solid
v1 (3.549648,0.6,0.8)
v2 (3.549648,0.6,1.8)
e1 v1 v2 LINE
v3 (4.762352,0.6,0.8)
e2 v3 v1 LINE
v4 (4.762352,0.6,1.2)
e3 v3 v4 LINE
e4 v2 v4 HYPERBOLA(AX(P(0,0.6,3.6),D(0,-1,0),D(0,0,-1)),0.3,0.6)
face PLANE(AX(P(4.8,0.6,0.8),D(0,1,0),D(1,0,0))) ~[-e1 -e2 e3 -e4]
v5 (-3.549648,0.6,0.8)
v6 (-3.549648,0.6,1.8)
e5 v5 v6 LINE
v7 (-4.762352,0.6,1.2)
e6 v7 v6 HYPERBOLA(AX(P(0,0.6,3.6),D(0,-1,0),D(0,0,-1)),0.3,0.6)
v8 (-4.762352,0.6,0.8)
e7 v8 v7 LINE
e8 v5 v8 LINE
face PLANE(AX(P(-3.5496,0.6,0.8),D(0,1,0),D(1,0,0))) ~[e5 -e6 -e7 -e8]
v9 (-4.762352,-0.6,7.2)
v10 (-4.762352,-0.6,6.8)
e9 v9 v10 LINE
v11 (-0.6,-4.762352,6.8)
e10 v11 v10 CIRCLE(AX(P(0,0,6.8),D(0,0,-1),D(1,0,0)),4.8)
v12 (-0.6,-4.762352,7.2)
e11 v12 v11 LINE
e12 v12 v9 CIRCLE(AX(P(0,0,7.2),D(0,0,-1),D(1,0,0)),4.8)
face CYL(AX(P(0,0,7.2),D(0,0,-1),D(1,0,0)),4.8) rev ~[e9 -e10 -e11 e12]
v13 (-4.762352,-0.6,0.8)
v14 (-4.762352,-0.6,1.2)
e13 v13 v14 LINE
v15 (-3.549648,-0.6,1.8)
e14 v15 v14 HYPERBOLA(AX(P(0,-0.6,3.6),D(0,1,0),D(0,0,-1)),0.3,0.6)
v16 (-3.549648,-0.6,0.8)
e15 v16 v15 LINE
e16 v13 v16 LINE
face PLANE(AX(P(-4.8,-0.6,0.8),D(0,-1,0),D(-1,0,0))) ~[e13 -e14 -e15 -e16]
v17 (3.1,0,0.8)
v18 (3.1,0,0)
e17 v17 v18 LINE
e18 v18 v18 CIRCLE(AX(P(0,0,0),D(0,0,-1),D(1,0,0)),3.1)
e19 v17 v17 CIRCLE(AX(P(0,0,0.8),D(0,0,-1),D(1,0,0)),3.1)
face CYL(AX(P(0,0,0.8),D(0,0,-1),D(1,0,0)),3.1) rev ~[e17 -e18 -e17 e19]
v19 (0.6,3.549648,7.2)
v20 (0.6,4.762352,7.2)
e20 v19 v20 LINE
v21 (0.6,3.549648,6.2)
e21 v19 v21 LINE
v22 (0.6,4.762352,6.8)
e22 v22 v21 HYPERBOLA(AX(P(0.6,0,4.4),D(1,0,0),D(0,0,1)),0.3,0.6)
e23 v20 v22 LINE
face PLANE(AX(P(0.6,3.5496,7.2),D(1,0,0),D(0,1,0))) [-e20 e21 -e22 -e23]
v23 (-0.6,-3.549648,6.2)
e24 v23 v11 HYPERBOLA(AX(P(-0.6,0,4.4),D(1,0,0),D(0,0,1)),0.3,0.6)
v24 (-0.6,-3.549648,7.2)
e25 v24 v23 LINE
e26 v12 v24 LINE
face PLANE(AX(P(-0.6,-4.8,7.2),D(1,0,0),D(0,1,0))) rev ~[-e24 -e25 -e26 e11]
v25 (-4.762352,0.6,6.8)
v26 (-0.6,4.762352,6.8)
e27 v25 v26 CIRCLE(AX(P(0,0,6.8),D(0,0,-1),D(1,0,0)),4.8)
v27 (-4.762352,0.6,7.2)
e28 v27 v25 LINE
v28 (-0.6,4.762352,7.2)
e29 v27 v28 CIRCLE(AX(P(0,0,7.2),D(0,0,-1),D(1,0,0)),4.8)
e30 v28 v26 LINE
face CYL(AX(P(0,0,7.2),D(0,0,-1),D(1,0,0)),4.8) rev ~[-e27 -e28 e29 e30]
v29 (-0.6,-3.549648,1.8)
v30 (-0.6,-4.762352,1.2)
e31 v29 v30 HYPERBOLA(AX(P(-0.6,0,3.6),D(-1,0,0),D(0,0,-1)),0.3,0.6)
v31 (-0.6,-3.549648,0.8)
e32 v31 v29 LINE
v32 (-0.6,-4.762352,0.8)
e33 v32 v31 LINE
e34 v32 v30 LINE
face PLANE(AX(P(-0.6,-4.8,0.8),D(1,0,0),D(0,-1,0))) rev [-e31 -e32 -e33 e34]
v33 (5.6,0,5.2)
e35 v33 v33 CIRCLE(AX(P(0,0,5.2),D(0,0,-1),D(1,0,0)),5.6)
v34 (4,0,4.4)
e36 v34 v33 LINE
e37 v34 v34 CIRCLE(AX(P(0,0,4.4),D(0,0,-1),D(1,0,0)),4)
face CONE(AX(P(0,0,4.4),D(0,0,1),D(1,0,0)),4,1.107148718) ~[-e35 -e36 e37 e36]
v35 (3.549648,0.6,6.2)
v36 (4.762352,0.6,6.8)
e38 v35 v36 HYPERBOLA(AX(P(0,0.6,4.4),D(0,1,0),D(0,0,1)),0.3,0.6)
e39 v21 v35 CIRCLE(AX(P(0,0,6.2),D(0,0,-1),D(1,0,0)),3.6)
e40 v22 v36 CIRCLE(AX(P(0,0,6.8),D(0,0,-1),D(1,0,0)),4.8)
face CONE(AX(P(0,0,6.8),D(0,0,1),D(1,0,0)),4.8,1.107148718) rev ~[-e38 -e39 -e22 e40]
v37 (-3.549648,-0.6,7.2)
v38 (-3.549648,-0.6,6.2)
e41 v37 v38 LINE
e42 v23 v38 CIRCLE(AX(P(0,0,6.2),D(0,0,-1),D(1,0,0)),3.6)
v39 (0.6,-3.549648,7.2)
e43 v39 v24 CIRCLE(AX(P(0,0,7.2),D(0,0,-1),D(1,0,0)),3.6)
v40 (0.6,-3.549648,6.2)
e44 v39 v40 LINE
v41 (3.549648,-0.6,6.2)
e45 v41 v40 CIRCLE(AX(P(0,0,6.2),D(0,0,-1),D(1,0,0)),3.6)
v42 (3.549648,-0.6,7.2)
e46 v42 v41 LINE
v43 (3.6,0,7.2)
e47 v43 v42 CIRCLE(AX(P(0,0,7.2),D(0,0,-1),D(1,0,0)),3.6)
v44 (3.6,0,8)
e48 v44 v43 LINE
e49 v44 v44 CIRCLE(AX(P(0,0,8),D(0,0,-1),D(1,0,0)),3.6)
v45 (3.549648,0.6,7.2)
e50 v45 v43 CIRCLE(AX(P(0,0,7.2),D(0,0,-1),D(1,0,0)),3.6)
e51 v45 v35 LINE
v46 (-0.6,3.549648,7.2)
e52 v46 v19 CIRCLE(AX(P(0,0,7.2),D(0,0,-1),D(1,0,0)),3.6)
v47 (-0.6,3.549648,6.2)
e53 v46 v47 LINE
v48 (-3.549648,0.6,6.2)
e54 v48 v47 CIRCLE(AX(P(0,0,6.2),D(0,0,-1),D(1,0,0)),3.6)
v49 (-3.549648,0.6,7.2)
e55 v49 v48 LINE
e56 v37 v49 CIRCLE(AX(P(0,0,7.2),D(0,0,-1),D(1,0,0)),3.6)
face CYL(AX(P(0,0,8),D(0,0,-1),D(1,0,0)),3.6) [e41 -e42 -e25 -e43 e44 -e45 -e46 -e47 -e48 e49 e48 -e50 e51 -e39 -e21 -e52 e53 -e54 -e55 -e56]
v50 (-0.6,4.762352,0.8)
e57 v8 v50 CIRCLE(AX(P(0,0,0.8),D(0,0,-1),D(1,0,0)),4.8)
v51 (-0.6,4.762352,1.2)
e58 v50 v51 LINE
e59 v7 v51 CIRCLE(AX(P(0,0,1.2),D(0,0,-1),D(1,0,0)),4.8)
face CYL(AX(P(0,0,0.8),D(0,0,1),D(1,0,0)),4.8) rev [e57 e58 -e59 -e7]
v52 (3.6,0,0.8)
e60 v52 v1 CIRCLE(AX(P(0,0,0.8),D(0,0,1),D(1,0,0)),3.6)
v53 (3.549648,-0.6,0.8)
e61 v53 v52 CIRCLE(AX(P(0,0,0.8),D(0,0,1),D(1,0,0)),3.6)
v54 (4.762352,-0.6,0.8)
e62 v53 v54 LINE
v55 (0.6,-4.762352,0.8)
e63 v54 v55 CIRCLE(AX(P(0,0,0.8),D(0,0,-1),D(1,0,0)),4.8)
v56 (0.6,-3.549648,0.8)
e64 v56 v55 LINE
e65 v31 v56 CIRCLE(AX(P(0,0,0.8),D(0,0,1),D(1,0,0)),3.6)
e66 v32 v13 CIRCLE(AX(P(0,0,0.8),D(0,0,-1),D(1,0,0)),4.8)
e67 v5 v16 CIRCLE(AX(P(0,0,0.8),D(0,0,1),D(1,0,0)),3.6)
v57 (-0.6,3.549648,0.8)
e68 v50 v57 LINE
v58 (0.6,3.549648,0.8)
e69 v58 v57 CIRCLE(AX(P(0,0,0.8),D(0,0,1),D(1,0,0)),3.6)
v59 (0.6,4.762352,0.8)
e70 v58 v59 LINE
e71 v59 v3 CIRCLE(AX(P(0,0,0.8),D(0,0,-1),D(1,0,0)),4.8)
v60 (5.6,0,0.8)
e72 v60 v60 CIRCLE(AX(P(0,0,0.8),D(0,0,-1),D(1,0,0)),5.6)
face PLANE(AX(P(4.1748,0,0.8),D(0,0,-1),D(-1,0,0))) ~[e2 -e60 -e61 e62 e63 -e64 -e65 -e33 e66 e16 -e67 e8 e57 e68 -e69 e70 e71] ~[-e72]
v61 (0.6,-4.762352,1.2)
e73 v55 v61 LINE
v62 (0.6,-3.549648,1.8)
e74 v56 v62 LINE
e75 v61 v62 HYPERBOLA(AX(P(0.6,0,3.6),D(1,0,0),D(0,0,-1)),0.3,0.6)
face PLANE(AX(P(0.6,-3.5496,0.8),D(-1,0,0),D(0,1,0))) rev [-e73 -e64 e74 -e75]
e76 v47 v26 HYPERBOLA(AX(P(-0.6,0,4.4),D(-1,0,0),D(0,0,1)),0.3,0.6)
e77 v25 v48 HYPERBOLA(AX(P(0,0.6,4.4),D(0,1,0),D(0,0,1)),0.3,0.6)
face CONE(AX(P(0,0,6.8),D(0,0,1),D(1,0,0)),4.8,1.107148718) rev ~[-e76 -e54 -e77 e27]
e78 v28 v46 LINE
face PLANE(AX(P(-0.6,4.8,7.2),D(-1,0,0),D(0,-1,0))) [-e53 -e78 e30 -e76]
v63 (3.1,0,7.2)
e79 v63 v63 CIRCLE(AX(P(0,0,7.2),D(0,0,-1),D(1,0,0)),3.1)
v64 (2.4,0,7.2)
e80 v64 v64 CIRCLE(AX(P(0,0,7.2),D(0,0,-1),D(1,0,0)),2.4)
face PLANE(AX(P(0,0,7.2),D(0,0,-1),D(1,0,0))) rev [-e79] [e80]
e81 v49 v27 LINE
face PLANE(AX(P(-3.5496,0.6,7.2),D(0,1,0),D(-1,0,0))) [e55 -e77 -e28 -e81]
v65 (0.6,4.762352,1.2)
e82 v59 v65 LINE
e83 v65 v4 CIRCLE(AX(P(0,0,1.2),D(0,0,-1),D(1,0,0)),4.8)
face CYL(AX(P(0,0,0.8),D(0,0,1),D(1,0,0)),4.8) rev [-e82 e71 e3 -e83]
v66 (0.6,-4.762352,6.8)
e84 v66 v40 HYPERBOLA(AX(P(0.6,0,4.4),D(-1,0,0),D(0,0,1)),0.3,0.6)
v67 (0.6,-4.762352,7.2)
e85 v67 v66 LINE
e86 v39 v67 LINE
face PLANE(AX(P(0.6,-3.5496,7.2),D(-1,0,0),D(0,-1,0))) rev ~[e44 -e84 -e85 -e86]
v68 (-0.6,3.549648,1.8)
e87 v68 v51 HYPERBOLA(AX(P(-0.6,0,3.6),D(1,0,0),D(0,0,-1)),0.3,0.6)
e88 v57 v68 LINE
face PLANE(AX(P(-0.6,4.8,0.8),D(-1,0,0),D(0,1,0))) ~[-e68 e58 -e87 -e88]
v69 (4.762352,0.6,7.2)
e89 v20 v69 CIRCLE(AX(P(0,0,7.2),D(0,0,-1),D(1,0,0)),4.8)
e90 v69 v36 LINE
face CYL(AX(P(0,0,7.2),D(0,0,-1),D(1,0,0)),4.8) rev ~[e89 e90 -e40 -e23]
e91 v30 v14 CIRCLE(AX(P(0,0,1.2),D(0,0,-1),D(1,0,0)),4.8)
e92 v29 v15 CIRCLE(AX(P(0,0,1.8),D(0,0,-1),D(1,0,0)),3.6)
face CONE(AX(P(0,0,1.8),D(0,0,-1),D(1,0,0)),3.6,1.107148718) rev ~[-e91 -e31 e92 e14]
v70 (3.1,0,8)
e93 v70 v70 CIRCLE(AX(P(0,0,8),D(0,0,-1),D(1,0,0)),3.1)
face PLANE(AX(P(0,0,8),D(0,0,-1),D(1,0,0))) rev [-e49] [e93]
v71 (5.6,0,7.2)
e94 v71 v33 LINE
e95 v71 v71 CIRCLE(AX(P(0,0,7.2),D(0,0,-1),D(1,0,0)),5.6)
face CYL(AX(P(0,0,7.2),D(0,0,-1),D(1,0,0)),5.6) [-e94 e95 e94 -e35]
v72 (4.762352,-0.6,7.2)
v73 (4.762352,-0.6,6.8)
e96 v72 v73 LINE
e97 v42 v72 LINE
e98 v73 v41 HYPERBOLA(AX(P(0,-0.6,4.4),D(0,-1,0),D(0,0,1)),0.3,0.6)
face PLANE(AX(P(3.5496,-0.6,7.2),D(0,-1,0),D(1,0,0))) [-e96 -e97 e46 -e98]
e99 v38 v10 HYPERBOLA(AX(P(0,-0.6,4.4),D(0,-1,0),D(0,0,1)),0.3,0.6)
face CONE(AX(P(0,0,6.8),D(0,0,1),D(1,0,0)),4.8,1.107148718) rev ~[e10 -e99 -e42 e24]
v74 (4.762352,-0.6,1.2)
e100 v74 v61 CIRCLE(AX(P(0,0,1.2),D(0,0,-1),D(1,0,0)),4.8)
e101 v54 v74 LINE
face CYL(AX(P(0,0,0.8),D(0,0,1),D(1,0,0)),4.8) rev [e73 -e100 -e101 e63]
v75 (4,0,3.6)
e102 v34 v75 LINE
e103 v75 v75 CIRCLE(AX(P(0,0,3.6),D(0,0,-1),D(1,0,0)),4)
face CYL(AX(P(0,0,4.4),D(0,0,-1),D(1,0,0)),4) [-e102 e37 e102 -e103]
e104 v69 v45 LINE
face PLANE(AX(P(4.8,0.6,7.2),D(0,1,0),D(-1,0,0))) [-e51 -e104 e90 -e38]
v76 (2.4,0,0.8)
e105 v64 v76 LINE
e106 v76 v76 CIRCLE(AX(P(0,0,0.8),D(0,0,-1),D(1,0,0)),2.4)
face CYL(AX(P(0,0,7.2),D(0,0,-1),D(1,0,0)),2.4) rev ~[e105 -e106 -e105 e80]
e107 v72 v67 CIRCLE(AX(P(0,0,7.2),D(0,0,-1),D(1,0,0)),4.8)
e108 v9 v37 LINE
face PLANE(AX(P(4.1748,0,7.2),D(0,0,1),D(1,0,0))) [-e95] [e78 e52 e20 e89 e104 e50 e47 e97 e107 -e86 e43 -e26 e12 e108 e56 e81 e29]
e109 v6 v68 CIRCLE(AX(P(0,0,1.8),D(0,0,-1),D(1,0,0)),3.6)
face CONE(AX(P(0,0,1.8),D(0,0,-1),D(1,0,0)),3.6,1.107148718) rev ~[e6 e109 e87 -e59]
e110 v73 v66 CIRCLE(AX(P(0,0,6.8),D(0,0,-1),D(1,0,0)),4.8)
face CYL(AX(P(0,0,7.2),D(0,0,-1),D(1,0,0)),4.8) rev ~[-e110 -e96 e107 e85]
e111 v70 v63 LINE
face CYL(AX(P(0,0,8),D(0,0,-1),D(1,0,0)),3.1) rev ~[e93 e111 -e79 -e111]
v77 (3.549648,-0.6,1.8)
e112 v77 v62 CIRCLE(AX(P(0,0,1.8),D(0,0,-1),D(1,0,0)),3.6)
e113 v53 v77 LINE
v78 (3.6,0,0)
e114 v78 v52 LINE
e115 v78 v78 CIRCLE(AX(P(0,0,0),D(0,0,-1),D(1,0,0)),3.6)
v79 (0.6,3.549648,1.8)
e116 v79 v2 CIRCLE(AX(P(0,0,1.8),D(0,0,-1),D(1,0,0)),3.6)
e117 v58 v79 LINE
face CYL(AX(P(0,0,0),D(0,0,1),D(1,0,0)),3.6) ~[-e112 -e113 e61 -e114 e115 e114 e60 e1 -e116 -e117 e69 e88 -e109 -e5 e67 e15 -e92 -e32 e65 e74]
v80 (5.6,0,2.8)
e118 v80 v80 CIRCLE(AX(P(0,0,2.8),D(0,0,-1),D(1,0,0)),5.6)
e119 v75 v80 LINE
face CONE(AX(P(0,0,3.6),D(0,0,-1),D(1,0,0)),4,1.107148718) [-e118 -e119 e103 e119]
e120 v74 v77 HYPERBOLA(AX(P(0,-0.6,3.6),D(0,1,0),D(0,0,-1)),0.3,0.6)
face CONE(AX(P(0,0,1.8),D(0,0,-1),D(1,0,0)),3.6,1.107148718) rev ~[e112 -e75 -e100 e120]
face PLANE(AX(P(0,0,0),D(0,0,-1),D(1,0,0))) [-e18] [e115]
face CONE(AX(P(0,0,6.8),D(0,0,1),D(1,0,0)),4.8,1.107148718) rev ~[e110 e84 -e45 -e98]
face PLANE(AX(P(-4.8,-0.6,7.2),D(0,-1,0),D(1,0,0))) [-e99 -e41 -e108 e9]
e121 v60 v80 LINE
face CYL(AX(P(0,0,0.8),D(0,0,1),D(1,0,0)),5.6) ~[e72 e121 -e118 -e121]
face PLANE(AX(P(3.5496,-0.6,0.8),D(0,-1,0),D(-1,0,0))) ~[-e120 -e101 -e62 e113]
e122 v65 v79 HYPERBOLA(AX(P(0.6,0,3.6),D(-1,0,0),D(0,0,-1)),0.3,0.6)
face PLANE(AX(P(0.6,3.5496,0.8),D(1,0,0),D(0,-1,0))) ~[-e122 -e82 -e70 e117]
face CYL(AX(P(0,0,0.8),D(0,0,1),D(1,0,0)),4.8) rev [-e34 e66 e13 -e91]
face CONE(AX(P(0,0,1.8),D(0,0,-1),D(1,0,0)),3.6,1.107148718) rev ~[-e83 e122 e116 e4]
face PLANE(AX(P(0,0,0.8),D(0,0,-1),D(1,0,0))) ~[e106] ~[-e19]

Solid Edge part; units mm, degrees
sketch "Sketch1" plane through (0, 0, 0) normal (0, -1, 0) x (1, 0, 0)
  line L0 (3.1, 8) -> (3.6, 8)
  line L1 (3.6, 8) -> (3.6, 6.2)
  line L2 (4.8, 6.8) -> (3.6, 6.2)
  line L3 (4.8, 7.2) -> (4.8, 6.8)
  line L4 (4.8, 7.2) -> (5.6, 7.2)
  line L5 (5.6, 7.2) -> (5.6, 5.2)
  line L6 (4, 4.4) -> (5.6, 5.2)
  line L7 (4, 4.4) -> (4, 3.6)
  line L8 (4, 3.6) -> (5.6, 2.8)
  line L9 (5.6, 0.8) -> (5.6, 2.8)
  line L10 (5.6, 0.8) -> (4.8, 0.8)
  line L11 (4.8, 0.8) -> (4.8, 1.2)
  line L12 (3.6, 1.8) -> (4.8, 1.2)
  line L13 (3.6, 0) -> (3.6, 1.8)
  line L14 (3.6, 0) -> (3.1, 0)
  line L15 (3.1, 0.8) -> (3.1, 0)
  line L16 (2.4, 0.8) -> (3.1, 0.8)
  line L17 (2.4, 7.2) -> (2.4, 0.8)
  line L18 (2.4, 7.2) -> (3.1, 7.2)
  line L19 (3.1, 8) -> (3.1, 7.2)
  dimension "D1" = 0.8
  dimension "D2" = 0.4
revolve "RevolvedProtrusion1" add sketch "Sketch1" angle 360 about axis through (0, 0, 54) along (0, 0, -1)
sketch "Sketch2" plane through (0, 0, 7.2) normal (0, 0, 1) x (1, 0, 0)
  line L0 (4.8, 0) -> (4.8, 0.6)
  line L1 (4.8, 0.6) -> (3.5496, 0.6)
  line L2 (3.5496, 0.6) -> (3.5496, -0.6)
  line L3 (3.5496, -0.6) -> (4.8, -0.6)
  line L4 (4.8, -0.6) -> (4.8, 0)
  line L5 (-3.5496, 0.6) -> (-3.5496, -0.6)
  line L6 (-4.8, -0.6) -> (-3.5496, -0.6)
  line L7 (-4.8, 0) -> (-4.8, -0.6)
  line L8 (-4.8, 0.6) -> (-4.8, 0)
  line L9 (-3.5496, 0.6) -> (-4.8, 0.6)
  line L10 (0, 4.8) -> (-0.6, 4.8)
  line L11 (-0.6, 4.8) -> (-0.6, 3.5496)
  line L12 (-0.6, 3.5496) -> (0.6, 3.5496)
  line L13 (0.6, 3.5496) -> (0.6, 4.8)
  line L14 (0.6, 4.8) -> (0, 4.8)
  line L15 (0, -4.8) -> (-0.6, -4.8)
  line L16 (-0.6, -4.8) -> (-0.6, -3.5496)
  line L17 (-0.6, -3.5496) -> (0.6, -3.5496)
  line L18 (0.6, -3.5496) -> (0.6, -4.8)
  line L19 (0.6, -4.8) -> (0, -4.8)
extrude "Protrusion1" add sketch "Sketch2" against normal blind 1
mirror "Mirror1" about plane through (0, 0, 4) normal (0, 0, 1) of "Protrusion1"
